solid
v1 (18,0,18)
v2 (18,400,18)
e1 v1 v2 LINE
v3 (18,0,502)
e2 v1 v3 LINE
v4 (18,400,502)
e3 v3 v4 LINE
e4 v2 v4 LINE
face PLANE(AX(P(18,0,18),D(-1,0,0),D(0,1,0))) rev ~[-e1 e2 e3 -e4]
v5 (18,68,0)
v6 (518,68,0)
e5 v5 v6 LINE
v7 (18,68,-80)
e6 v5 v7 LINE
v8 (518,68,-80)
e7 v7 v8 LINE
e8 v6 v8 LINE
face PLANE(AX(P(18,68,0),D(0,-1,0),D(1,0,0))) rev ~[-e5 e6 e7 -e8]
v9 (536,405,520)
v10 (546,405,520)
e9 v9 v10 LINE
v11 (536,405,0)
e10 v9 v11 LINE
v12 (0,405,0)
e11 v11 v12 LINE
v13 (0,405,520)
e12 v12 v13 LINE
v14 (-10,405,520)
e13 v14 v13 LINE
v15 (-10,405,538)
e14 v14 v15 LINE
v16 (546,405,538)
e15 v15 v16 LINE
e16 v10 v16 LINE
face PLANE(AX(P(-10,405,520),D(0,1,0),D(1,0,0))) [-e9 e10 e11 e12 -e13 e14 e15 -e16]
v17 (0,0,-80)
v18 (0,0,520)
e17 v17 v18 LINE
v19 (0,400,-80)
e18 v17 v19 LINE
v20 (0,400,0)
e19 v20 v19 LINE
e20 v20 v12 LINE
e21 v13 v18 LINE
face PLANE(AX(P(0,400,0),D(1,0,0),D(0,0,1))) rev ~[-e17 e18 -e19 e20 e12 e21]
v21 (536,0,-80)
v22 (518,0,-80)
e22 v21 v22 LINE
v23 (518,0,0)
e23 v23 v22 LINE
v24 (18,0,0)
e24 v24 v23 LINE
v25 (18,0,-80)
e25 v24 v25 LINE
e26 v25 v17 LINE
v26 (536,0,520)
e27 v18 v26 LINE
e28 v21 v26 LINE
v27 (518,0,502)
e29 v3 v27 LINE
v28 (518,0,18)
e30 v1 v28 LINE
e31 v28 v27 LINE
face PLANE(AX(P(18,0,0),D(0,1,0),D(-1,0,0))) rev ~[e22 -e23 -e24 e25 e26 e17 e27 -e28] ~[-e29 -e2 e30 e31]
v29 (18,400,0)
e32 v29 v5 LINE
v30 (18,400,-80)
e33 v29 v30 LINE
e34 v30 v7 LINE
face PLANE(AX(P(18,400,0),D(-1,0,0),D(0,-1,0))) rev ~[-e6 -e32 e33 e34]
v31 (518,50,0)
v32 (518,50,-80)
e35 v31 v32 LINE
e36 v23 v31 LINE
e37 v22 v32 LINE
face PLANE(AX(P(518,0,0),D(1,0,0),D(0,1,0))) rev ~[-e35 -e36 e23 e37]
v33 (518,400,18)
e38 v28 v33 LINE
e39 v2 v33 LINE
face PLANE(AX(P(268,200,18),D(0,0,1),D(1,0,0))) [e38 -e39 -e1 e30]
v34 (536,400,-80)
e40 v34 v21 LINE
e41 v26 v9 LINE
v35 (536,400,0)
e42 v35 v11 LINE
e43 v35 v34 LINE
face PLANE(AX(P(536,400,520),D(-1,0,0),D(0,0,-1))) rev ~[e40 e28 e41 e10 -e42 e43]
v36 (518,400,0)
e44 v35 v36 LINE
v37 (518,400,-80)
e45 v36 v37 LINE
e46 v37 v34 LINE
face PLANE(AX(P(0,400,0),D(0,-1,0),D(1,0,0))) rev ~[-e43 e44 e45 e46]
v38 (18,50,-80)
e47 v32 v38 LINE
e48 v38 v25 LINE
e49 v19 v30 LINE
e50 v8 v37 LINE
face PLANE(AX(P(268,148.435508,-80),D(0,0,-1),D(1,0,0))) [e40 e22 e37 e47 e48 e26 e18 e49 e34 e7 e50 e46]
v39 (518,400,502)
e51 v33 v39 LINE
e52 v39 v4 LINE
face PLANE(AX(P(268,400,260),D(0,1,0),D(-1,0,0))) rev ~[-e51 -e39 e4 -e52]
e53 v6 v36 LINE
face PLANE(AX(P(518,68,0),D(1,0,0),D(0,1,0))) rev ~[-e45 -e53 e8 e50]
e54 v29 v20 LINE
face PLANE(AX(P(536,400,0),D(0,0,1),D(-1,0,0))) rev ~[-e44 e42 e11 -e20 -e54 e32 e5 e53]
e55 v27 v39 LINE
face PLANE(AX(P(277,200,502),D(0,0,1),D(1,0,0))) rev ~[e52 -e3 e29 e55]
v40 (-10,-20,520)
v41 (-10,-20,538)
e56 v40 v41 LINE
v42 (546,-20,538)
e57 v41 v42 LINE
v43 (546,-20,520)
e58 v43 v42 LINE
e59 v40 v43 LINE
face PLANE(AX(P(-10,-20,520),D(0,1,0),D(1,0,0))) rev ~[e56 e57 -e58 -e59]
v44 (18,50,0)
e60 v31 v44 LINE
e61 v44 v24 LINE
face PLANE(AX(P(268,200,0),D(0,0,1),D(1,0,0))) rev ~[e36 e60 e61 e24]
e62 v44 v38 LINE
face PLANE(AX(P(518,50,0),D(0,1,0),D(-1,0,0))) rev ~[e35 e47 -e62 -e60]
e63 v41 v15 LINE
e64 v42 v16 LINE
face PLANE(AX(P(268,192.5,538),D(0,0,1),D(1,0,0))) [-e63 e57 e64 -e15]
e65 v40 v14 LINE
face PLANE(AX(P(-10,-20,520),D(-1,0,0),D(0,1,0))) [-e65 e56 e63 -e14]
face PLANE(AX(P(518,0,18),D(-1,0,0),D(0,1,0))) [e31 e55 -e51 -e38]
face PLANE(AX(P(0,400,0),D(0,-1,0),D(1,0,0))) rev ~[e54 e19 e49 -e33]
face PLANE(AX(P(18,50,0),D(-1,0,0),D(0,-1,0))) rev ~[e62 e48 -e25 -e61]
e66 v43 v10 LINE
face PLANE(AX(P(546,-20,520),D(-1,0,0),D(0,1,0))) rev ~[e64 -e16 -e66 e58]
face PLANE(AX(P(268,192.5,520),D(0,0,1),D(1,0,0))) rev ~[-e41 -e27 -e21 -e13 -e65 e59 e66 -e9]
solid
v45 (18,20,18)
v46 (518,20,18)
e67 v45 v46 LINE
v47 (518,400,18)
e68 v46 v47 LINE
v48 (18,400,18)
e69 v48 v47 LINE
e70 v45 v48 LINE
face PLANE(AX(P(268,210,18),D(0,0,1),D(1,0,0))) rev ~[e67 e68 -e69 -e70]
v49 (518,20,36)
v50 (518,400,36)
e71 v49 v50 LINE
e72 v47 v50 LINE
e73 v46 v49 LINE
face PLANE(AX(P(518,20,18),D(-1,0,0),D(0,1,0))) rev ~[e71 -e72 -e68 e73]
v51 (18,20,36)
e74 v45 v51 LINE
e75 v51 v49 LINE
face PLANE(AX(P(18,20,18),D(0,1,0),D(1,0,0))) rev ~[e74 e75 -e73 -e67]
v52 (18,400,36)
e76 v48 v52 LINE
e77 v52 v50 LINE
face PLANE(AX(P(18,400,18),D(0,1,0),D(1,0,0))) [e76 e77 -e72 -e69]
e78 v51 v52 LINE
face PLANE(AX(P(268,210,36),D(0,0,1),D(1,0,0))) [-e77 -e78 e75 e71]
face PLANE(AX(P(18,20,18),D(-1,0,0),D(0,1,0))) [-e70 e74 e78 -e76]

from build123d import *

# Parameters (mm, degrees)
F1_W      = 536
F1_H      = 400
F2_DEPTH  = 18
F3_W      = 18
F3_H      = 400
F5_DEPTH  = 484
F6_W      = 518
F6_H      = 400
F6_W_2    = 18
F7_DEPTH  = 18
F8_W      = 500
F8_H      = 380
F9_DEPTH  = 18
F11_DEPTH = 80
F12_W     = 500
F12_H     = 484
F14_DEPTH = 5
F15_W     = 556
F15_H     = 425
F16_DEPTH = 18


with BuildPart() as f2:
    # F1 (on Top) → F2 (new body)
    with BuildSketch(Plane.XY):
        with Locations((268, 200)):
            Rectangle(F1_W, F1_H)
    extrude(amount=F2_DEPTH)

    # F3 (on face) → F5 (join)
    with BuildSketch(Plane.XY.offset(18)):
        with Locations((9, 200)):
            Rectangle(F3_W, F3_H)
        with Locations((527, 200)):
            Rectangle(F3_W, F3_H)
    extrude(amount=F5_DEPTH)

    # F6 (on face) → F7 (join)
    with BuildSketch(Plane.XY.offset(502)):
        with Locations((277, 200)):
            Rectangle(F6_W, F6_H)
        with Locations((9, 200)):
            Rectangle(F6_W_2, F6_H)
    extrude(amount=F7_DEPTH)

    # F10 (on face) → F11 (join)
    with BuildSketch(Plane(origin=(0, 0, 0), x_dir=(1, 0, 0), z_dir=(0, 0, -1))):
        Polygon((0, 0), (0, -400), (18, -400), (18, -68), (518, -68), (518, -400), (536, -400), (536, 0), (518, 0), (518, -50), (18, -50), (18, 0), align=None)
    extrude(amount=F11_DEPTH)



with BuildPart() as f9:
    # F8 (on face) → F9 (new body)
    with BuildSketch(Plane.XY.offset(18)):
        with Locations((268, 210)):
            Rectangle(F8_W, F8_H)
    extrude(amount=F9_DEPTH)


with BuildPart() as f14:
    # F12 (on face) → F14 (new body)
    with BuildSketch(Plane(origin=(0, 400, 0), x_dir=(-1, 0, 0), z_dir=(0, 1, 0))):
        Polygon((0, 520), (-536, 520), (-536, 0), (-518, 0), (-18, 0), (0, 0), align=None)
        with Locations((-268, 260)):
            Rectangle(F12_W, F12_H, mode=Mode.SUBTRACT)
        with Locations((-268, 260)):
            Rectangle(F12_W, F12_H)
    extrude(amount=F14_DEPTH)


with BuildPart() as f2_1:
    add(f2.part)

    add(f14.part)  # F16 merges F14
    # F15 (on face) → F16 (join)
    with BuildSketch(Plane.XY.offset(520)):
        with Locations((268, 192.5)):
            Rectangle(F15_W, F15_H)
    extrude(amount=F16_DEPTH)


solid = Compound([f9.part, f2_1.part])
